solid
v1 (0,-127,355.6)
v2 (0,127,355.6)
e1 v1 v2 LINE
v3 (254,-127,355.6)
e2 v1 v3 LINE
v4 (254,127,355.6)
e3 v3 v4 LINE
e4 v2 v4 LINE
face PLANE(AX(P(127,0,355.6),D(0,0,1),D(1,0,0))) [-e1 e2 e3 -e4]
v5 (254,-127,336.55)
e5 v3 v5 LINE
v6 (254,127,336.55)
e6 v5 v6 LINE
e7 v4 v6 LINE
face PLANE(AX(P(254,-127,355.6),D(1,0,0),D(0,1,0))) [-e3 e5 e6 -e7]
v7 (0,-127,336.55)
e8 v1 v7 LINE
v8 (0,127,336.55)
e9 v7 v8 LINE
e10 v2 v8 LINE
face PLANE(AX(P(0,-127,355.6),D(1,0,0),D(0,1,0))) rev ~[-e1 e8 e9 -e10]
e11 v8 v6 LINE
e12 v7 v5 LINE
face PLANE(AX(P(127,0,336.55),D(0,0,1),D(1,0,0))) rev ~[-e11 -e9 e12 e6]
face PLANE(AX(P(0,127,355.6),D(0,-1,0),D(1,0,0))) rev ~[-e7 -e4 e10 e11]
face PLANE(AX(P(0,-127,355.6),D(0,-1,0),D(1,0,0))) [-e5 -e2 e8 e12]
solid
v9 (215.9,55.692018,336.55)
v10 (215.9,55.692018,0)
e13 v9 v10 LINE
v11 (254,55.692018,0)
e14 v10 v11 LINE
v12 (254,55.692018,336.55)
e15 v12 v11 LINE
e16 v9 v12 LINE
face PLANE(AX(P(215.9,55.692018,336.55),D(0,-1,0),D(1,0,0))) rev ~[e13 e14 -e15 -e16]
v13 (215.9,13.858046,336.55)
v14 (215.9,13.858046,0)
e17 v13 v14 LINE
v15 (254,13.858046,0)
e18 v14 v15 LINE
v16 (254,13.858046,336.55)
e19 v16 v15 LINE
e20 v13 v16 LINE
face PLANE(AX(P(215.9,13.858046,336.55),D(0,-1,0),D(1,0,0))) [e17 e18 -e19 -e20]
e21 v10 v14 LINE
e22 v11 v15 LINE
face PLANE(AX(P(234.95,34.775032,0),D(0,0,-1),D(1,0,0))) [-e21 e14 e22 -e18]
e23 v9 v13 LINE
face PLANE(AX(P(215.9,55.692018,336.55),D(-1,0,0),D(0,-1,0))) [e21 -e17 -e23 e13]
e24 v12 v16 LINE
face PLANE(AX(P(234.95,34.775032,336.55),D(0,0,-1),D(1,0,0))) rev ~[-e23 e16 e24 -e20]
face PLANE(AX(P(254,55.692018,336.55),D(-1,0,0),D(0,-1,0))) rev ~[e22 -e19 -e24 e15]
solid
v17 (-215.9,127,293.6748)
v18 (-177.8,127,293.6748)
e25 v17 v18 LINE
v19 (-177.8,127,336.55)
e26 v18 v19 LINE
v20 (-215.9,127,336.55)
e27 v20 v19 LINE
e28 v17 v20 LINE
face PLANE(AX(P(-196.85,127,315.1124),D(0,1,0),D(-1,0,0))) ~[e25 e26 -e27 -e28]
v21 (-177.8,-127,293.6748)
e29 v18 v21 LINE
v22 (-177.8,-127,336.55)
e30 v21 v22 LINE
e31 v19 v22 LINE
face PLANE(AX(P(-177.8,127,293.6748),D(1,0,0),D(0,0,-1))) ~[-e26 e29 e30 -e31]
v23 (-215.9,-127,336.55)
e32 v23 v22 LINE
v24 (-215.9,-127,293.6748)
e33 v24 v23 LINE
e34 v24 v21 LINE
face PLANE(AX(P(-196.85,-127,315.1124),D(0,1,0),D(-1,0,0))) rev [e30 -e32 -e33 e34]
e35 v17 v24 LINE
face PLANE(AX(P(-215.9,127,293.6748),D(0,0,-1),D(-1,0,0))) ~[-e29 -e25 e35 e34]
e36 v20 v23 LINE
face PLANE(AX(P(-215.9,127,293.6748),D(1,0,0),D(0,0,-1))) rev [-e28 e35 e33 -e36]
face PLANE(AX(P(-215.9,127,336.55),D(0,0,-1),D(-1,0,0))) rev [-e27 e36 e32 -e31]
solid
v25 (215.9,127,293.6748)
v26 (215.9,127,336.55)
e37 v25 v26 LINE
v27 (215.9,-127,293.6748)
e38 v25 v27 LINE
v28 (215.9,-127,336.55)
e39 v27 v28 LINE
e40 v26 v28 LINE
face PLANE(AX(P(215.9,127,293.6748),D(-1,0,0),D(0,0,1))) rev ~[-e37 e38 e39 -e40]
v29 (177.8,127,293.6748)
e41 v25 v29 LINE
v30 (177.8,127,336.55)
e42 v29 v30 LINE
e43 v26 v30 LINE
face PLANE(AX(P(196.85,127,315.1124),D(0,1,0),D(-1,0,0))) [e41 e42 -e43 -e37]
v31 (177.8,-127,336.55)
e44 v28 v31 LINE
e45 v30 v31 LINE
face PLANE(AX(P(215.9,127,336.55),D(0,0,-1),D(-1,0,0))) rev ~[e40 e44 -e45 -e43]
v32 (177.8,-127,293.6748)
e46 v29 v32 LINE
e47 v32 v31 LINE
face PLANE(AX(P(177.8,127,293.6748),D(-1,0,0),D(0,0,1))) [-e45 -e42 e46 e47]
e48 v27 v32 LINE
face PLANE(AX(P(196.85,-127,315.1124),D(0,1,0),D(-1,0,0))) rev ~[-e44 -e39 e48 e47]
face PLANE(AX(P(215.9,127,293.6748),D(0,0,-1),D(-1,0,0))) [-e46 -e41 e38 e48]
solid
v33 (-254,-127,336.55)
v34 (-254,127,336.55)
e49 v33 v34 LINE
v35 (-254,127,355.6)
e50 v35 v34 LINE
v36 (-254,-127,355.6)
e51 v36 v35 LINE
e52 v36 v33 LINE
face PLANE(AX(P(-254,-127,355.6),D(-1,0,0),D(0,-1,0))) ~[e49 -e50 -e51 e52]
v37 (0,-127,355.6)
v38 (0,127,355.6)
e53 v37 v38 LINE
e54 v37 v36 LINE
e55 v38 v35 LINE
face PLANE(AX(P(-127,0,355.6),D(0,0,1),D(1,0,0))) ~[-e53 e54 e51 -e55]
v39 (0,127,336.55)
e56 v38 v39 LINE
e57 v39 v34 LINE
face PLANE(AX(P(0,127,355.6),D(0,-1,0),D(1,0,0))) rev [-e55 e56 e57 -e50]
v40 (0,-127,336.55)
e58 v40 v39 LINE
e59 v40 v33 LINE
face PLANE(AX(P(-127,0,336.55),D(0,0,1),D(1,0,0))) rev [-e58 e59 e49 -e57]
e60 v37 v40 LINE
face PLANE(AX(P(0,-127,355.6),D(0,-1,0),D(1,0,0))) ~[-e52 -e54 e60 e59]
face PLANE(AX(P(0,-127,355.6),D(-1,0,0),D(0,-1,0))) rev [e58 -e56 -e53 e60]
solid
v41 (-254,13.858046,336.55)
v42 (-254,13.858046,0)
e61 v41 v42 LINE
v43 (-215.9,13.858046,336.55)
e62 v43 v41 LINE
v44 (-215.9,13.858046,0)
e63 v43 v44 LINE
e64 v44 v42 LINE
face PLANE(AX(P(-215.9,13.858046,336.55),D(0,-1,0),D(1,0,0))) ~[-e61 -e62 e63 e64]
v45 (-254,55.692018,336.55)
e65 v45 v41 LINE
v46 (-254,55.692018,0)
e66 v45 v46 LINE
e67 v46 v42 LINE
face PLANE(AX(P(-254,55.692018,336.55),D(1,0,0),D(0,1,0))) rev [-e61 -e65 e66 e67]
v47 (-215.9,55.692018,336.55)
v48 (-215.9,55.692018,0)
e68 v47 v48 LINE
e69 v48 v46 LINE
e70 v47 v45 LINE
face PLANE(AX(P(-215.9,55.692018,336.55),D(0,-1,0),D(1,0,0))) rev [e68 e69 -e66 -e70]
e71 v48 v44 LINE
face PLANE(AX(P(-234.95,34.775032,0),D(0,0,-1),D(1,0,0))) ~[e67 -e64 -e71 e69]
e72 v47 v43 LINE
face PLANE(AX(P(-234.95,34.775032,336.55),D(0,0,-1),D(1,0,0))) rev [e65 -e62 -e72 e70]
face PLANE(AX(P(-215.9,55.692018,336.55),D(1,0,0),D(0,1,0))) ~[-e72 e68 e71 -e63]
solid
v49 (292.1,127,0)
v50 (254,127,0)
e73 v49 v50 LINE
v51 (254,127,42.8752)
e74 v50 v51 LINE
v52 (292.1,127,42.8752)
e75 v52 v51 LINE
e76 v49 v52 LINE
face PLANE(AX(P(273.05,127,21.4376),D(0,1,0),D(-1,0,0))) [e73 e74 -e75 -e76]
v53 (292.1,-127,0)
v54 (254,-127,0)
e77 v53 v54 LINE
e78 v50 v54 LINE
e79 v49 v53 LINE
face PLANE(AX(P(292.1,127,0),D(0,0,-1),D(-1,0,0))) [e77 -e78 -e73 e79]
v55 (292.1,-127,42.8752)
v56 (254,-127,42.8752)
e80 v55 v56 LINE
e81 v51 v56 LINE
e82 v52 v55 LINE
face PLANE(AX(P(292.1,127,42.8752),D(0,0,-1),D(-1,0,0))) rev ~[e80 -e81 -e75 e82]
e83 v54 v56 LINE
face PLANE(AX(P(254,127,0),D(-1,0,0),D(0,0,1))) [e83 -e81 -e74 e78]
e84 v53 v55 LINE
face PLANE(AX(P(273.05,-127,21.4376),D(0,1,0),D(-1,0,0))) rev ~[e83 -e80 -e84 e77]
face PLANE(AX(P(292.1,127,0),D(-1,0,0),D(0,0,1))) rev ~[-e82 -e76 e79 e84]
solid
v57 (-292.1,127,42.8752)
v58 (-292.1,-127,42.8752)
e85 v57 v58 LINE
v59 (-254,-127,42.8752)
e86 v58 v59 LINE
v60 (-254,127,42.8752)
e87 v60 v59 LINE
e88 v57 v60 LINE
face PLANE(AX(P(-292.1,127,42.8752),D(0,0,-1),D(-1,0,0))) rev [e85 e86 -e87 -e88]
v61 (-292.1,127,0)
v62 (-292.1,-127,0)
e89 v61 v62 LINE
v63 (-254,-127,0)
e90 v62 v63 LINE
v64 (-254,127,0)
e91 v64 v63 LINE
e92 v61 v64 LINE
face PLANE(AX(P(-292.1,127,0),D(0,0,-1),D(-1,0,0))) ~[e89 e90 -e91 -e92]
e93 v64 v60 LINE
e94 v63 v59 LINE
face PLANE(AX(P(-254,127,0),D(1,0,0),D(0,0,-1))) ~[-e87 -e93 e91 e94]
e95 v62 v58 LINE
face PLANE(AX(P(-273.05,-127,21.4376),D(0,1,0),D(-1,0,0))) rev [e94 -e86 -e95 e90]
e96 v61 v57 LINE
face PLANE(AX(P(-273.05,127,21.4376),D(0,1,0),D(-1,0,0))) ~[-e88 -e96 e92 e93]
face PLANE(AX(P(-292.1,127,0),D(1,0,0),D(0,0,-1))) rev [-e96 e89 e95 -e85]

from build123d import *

# Parameters (mm, degrees)
F2_W      = 254
F2_H      = 254
F3_DEPTH  = 19.05
F4_DEPTH  = 19.05
F5_W      = 38.1
F5_H      = 41.833972
F6_DEPTH  = 336.55
F7_W      = 38.1
F7_H      = 42.8752
F8_DEPTH  = 254
F9_W      = 38.1
F9_H      = 42.8752
F10_DEPTH = 254


with BuildPart() as f3:
    # F2 (on plane+point) → F3 (new body)
    with BuildSketch(Plane.XY.offset(355.6)):
        with Locations((127, 0)):
            Rectangle(F2_W, F2_H)
    extrude(amount=-F3_DEPTH)

    # F2 (on plane+point) → F4 (join)
    with BuildSketch(Plane.XY.offset(355.6)):
        with Locations((127, 0)):
            Rectangle(F2_W, F2_H)
    extrude(amount=-F4_DEPTH)


with BuildPart() as f6:
    # F5 (on face) → F6 (new body, through all)
    with BuildSketch(Plane(origin=(0, 0, 336.55), x_dir=(1, 0, 0), z_dir=(0, 0, -1))):
        with Locations((234.95, -34.775032)):
            Rectangle(F5_W, F5_H)
    extrude(amount=F6_DEPTH)


with BuildPart() as f8:
    # F7 (on face) → F8 (new body, through all)
    with BuildSketch(Plane(origin=(0, 127, 0), x_dir=(-1, 0, 0), z_dir=(0, 1, 0))):
        with Locations((-196.85, 315.1124)):
            Rectangle(F7_W, F7_H)
    extrude(amount=-F8_DEPTH)


with BuildPart() as f10:
    # F9 (on face) → F10 (new body, through all)
    with BuildSketch(Plane(origin=(0, 127, 0), x_dir=(-1, 0, 0), z_dir=(0, 1, 0))):
        with Locations((-273.05, 21.4376)):
            Rectangle(F9_W, F9_H)
    extrude(amount=-F10_DEPTH)


with BuildPart() as f11_1:
    # F11: instance of F3
    add(f3.part.mirror(Plane.YZ))


with BuildPart() as f11_2:
    # F11: instance of F6
    add(f6.part.mirror(Plane.YZ))


with BuildPart() as f11_3:
    # F11: instance of F8
    add(f8.part.mirror(Plane.YZ))


with BuildPart() as f11_4:
    # F11: instance of F10
    add(f10.part.mirror(Plane.YZ))


solid = Compound([f3.part, f6.part, f8.part, f10.part, f11_1.part, f11_2.part, f11_3.part, f11_4.part])
